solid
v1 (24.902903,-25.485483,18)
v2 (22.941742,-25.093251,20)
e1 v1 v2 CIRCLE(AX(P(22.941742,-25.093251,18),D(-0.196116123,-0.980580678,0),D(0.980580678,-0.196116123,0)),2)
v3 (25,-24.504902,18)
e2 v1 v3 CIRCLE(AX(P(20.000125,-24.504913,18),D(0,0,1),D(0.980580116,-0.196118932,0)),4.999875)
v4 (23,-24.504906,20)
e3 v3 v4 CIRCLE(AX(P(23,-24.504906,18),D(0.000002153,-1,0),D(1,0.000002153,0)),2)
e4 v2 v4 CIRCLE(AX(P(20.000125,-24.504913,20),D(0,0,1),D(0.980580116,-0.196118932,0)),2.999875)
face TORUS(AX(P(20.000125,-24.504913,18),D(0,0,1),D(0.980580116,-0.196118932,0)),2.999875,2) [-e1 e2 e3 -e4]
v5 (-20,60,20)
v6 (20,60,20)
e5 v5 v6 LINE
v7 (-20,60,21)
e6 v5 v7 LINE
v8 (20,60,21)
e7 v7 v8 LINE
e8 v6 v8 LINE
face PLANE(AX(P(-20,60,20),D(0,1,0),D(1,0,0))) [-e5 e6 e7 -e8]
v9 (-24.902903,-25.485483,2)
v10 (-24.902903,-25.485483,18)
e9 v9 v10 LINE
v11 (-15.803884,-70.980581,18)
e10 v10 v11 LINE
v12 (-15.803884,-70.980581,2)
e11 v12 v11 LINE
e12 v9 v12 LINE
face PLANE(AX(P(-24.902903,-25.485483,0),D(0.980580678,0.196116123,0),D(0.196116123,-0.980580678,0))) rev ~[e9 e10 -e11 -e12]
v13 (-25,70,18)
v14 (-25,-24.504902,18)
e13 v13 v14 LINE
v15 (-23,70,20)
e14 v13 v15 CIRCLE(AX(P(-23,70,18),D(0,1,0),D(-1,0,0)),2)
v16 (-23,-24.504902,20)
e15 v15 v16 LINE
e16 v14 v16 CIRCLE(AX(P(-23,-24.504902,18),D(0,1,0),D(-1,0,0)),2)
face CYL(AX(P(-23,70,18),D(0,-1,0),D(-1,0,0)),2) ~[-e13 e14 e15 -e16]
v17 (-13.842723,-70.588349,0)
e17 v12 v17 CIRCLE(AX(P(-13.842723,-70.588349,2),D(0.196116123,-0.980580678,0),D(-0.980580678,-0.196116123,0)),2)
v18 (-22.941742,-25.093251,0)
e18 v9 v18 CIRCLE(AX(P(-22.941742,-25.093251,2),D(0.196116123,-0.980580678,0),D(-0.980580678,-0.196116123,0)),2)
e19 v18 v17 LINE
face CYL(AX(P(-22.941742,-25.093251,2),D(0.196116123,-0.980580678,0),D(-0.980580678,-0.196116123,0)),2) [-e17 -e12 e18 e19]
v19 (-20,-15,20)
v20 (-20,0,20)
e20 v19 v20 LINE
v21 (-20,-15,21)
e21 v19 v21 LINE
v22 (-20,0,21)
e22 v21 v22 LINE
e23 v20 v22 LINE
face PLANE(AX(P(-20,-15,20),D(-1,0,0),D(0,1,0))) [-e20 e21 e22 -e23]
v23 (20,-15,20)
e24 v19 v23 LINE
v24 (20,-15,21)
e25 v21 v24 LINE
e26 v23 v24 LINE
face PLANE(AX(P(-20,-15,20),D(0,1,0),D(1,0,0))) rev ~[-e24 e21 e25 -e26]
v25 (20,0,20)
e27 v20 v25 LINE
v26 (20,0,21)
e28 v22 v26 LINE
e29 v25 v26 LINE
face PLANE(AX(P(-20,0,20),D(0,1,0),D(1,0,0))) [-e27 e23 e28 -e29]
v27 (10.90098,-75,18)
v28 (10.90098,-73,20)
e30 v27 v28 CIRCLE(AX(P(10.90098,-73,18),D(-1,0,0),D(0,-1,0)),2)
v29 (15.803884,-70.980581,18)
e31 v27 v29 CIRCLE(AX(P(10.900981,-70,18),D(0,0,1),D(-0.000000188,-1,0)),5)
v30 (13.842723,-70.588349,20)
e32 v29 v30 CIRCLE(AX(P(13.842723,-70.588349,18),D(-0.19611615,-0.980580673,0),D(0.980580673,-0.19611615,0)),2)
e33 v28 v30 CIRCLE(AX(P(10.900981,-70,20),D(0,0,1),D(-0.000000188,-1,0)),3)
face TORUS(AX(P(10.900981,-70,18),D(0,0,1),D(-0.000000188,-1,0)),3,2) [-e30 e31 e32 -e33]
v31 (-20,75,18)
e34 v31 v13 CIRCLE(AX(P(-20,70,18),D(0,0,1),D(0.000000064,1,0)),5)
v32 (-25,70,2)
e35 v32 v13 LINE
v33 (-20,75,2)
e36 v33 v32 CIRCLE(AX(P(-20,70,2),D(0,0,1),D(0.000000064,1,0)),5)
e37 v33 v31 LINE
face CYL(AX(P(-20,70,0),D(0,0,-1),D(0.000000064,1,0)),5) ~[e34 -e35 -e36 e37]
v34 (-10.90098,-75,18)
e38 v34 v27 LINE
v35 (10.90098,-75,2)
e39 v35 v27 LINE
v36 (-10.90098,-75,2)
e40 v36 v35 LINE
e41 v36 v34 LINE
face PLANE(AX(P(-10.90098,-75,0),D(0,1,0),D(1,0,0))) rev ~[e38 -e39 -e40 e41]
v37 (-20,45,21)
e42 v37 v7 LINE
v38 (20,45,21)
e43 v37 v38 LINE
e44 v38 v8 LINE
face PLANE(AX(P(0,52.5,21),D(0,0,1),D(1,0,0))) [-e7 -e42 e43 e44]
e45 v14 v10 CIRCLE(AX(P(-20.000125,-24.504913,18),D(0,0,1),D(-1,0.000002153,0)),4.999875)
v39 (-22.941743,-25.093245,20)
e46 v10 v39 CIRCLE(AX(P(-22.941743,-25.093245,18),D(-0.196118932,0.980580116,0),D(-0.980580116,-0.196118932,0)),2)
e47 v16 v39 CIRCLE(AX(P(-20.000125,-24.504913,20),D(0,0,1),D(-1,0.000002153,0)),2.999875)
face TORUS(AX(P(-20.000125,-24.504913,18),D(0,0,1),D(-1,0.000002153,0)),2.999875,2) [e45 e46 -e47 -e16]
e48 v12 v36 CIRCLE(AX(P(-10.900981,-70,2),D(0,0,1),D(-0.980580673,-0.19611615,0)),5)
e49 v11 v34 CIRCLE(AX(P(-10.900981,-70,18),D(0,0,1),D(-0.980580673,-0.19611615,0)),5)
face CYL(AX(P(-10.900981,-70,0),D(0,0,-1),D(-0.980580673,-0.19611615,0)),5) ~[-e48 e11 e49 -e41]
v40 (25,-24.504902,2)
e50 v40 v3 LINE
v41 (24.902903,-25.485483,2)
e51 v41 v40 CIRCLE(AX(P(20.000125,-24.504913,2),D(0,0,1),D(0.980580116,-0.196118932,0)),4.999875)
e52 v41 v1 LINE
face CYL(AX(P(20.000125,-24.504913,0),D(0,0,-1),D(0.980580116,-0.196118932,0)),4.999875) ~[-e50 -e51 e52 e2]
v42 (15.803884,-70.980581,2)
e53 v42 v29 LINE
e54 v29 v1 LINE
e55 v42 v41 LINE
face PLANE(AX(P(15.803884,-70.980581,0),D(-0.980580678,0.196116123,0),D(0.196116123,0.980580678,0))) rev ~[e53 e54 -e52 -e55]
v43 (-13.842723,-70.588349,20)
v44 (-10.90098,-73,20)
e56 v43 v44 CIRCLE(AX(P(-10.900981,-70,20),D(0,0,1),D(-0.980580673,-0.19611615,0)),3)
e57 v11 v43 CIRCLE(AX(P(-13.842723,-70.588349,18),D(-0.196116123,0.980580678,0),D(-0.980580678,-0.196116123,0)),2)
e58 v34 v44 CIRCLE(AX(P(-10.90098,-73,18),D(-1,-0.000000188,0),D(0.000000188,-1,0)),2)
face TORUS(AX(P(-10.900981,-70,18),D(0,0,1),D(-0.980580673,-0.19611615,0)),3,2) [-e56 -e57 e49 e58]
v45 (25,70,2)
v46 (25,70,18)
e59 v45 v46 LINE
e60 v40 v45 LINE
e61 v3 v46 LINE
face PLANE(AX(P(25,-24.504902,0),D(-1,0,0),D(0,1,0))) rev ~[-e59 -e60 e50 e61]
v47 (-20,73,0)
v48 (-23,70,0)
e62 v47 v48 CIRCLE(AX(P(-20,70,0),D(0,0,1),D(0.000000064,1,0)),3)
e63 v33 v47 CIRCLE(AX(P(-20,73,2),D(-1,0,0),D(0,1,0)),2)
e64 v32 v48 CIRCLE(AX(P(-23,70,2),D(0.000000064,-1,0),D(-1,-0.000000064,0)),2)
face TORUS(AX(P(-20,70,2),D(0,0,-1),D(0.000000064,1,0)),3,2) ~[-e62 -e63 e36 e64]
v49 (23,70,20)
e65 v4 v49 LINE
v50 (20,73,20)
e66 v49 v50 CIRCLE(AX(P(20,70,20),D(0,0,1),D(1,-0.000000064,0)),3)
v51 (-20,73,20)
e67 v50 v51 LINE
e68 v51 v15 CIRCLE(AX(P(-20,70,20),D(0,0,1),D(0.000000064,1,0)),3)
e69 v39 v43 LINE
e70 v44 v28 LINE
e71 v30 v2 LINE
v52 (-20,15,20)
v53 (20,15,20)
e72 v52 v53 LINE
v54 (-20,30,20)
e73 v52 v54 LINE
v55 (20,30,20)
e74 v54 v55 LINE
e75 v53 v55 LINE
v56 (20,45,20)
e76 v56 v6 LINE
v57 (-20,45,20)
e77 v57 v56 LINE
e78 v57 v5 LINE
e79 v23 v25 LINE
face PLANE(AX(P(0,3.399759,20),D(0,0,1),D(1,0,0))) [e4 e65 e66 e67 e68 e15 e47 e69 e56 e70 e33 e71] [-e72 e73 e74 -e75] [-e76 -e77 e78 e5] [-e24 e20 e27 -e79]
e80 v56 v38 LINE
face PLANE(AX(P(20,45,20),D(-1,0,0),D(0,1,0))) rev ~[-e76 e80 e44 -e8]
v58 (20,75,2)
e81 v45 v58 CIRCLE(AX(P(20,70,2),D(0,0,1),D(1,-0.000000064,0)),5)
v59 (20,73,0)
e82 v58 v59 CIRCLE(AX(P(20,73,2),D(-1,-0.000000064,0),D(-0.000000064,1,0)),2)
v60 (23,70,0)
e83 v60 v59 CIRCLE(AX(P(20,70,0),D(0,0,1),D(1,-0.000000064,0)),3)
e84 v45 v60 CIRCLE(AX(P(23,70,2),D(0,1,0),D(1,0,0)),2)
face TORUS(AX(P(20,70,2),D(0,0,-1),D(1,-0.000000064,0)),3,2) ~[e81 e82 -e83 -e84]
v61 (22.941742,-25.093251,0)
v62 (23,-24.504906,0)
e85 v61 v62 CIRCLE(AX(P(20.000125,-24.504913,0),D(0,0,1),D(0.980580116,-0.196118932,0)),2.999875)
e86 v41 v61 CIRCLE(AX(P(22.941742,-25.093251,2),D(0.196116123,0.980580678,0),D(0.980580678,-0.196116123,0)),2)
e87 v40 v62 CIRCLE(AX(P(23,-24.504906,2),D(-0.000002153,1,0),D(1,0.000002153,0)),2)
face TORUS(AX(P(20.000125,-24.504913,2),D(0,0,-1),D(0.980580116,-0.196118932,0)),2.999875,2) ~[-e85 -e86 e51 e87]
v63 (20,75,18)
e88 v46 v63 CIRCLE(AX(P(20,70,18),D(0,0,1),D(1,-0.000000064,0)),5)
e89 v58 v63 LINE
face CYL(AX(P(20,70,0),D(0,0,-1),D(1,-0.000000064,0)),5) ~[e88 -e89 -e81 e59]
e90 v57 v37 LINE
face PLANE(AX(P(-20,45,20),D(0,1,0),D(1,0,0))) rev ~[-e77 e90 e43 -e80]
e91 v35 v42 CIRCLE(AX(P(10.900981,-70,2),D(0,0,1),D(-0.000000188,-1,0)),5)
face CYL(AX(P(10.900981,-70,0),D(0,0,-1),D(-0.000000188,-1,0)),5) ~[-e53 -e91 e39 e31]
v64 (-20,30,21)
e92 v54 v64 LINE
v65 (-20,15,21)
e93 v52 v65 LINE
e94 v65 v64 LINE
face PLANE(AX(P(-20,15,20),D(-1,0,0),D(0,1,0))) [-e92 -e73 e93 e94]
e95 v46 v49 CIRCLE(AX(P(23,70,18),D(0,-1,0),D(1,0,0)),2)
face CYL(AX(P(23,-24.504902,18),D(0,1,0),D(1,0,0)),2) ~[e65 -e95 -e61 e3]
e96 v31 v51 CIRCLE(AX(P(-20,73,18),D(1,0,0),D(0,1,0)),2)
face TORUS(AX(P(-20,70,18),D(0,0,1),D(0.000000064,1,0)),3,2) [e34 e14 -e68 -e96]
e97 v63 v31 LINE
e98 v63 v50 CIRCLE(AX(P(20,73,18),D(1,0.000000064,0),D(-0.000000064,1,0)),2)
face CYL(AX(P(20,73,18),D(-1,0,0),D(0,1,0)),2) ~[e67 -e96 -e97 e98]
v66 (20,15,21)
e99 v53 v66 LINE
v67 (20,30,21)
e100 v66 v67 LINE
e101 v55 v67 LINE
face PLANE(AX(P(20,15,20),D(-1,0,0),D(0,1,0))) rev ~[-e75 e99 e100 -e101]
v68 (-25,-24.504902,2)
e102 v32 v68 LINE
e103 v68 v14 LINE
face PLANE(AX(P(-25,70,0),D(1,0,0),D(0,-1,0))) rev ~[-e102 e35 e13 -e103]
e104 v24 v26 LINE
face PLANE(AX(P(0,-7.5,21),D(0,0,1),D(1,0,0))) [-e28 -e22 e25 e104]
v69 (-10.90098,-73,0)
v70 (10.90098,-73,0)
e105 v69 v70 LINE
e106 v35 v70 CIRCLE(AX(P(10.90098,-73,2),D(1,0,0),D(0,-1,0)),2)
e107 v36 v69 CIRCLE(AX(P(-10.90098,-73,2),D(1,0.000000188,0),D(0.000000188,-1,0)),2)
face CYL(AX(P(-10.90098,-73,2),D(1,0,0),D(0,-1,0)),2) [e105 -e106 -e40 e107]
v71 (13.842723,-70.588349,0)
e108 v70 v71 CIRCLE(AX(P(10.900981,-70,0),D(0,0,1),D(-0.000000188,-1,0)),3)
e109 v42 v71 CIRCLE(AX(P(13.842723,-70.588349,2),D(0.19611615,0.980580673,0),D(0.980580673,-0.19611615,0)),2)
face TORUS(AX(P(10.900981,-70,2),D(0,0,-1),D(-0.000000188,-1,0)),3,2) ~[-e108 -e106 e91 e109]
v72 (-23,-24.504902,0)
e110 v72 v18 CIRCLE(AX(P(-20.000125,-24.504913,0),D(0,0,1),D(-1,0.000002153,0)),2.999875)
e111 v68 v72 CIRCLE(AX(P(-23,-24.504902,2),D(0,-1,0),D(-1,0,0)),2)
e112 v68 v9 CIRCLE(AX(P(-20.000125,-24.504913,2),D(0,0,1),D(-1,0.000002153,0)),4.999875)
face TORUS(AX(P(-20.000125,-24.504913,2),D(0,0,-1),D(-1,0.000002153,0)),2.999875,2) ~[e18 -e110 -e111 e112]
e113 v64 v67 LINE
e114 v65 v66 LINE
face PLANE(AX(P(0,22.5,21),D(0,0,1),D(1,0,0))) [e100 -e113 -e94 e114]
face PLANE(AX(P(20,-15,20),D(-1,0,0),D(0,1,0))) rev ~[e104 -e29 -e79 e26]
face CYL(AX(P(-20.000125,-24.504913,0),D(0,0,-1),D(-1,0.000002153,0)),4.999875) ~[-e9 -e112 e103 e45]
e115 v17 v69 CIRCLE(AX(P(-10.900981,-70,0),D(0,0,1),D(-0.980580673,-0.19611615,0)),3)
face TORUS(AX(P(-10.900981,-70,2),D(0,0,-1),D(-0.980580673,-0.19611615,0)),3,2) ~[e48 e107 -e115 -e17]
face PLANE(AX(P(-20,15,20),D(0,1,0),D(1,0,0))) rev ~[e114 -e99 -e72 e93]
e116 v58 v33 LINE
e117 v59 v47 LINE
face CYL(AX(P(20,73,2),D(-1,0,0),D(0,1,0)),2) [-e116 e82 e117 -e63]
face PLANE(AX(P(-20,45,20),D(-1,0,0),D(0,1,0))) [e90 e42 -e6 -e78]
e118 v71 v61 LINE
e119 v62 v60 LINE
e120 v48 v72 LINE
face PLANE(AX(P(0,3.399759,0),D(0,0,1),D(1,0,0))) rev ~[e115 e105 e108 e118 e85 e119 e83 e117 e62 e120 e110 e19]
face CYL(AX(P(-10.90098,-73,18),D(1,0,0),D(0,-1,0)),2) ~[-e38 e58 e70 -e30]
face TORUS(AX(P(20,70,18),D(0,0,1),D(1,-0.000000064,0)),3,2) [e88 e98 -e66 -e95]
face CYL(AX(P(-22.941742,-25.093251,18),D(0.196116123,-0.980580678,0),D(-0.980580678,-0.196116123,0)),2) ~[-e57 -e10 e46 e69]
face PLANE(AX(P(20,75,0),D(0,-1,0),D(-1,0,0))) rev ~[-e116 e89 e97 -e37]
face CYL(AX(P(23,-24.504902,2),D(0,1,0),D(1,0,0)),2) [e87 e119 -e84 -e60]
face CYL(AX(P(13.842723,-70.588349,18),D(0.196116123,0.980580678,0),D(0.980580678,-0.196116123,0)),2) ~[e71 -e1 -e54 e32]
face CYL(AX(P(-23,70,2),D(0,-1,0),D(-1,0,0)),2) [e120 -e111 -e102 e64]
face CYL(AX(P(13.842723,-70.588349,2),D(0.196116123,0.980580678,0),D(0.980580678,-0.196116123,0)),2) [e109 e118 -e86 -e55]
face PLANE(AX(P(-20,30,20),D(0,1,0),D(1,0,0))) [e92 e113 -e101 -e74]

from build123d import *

# Parameters (mm, degrees)
F1_DEPTH = 20
F2_R     = 2
F3_W     = 40
F3_H     = 15
F4_DEPTH = 1


with BuildPart() as f1:
    # F0 (on Top) → F1 (new body)
    with BuildSketch(Plane.XY):
        with BuildLine():
            Line((20, 75), (-20, 75))
            ThreePointArc((-20, 75), (-23.535534, 73.535534), (-25, 70))
            Line((-25, 70), (-25, -24.504902))
            ThreePointArc((-25, -24.504902), (-24.975667, -24.997591), (-24.902903, -25.485483))
            Line((-24.902903, -25.485483), (-15.803884, -70.980581))
            ThreePointArc((-15.803884, -70.980581), (-14.070925, -73.866711), (-10.90098, -75))
            Line((-10.90098, -75), (10.90098, -75))
            ThreePointArc((10.90098, -75), (14.070925, -73.866711), (15.803884, -70.980581))
            Line((15.803884, -70.980581), (24.902903, -25.485483))
            ThreePointArc((24.902903, -25.485483), (24.975667, -24.997591), (25, -24.504902))
            Line((25, -24.504902), (25, 70))
            ThreePointArc((25, 70), (23.535534, 73.535534), (20, 75))
        make_face()
    extrude(amount=F1_DEPTH)

    # F2
    f2_edges = [f1.edges().sort_by_distance(p)[0] for p in [
        (-25, 22.747549, 20),
        (-20.353394, -48.233032, 0),
    ]]
    fillet(f2_edges, radius=F2_R)

    # F3 (on face) → F4 (join)
    with BuildSketch(Plane.XY.offset(20)):
        with Locations((0, 52.5)):
            Rectangle(F3_W, F3_H)
        with Locations((0, 22.5)):
            Rectangle(F3_W, F3_H)
        with Locations((0, -7.5)):
            Rectangle(F3_W, F3_H)
    extrude(amount=F4_DEPTH)


solid = f1.part
